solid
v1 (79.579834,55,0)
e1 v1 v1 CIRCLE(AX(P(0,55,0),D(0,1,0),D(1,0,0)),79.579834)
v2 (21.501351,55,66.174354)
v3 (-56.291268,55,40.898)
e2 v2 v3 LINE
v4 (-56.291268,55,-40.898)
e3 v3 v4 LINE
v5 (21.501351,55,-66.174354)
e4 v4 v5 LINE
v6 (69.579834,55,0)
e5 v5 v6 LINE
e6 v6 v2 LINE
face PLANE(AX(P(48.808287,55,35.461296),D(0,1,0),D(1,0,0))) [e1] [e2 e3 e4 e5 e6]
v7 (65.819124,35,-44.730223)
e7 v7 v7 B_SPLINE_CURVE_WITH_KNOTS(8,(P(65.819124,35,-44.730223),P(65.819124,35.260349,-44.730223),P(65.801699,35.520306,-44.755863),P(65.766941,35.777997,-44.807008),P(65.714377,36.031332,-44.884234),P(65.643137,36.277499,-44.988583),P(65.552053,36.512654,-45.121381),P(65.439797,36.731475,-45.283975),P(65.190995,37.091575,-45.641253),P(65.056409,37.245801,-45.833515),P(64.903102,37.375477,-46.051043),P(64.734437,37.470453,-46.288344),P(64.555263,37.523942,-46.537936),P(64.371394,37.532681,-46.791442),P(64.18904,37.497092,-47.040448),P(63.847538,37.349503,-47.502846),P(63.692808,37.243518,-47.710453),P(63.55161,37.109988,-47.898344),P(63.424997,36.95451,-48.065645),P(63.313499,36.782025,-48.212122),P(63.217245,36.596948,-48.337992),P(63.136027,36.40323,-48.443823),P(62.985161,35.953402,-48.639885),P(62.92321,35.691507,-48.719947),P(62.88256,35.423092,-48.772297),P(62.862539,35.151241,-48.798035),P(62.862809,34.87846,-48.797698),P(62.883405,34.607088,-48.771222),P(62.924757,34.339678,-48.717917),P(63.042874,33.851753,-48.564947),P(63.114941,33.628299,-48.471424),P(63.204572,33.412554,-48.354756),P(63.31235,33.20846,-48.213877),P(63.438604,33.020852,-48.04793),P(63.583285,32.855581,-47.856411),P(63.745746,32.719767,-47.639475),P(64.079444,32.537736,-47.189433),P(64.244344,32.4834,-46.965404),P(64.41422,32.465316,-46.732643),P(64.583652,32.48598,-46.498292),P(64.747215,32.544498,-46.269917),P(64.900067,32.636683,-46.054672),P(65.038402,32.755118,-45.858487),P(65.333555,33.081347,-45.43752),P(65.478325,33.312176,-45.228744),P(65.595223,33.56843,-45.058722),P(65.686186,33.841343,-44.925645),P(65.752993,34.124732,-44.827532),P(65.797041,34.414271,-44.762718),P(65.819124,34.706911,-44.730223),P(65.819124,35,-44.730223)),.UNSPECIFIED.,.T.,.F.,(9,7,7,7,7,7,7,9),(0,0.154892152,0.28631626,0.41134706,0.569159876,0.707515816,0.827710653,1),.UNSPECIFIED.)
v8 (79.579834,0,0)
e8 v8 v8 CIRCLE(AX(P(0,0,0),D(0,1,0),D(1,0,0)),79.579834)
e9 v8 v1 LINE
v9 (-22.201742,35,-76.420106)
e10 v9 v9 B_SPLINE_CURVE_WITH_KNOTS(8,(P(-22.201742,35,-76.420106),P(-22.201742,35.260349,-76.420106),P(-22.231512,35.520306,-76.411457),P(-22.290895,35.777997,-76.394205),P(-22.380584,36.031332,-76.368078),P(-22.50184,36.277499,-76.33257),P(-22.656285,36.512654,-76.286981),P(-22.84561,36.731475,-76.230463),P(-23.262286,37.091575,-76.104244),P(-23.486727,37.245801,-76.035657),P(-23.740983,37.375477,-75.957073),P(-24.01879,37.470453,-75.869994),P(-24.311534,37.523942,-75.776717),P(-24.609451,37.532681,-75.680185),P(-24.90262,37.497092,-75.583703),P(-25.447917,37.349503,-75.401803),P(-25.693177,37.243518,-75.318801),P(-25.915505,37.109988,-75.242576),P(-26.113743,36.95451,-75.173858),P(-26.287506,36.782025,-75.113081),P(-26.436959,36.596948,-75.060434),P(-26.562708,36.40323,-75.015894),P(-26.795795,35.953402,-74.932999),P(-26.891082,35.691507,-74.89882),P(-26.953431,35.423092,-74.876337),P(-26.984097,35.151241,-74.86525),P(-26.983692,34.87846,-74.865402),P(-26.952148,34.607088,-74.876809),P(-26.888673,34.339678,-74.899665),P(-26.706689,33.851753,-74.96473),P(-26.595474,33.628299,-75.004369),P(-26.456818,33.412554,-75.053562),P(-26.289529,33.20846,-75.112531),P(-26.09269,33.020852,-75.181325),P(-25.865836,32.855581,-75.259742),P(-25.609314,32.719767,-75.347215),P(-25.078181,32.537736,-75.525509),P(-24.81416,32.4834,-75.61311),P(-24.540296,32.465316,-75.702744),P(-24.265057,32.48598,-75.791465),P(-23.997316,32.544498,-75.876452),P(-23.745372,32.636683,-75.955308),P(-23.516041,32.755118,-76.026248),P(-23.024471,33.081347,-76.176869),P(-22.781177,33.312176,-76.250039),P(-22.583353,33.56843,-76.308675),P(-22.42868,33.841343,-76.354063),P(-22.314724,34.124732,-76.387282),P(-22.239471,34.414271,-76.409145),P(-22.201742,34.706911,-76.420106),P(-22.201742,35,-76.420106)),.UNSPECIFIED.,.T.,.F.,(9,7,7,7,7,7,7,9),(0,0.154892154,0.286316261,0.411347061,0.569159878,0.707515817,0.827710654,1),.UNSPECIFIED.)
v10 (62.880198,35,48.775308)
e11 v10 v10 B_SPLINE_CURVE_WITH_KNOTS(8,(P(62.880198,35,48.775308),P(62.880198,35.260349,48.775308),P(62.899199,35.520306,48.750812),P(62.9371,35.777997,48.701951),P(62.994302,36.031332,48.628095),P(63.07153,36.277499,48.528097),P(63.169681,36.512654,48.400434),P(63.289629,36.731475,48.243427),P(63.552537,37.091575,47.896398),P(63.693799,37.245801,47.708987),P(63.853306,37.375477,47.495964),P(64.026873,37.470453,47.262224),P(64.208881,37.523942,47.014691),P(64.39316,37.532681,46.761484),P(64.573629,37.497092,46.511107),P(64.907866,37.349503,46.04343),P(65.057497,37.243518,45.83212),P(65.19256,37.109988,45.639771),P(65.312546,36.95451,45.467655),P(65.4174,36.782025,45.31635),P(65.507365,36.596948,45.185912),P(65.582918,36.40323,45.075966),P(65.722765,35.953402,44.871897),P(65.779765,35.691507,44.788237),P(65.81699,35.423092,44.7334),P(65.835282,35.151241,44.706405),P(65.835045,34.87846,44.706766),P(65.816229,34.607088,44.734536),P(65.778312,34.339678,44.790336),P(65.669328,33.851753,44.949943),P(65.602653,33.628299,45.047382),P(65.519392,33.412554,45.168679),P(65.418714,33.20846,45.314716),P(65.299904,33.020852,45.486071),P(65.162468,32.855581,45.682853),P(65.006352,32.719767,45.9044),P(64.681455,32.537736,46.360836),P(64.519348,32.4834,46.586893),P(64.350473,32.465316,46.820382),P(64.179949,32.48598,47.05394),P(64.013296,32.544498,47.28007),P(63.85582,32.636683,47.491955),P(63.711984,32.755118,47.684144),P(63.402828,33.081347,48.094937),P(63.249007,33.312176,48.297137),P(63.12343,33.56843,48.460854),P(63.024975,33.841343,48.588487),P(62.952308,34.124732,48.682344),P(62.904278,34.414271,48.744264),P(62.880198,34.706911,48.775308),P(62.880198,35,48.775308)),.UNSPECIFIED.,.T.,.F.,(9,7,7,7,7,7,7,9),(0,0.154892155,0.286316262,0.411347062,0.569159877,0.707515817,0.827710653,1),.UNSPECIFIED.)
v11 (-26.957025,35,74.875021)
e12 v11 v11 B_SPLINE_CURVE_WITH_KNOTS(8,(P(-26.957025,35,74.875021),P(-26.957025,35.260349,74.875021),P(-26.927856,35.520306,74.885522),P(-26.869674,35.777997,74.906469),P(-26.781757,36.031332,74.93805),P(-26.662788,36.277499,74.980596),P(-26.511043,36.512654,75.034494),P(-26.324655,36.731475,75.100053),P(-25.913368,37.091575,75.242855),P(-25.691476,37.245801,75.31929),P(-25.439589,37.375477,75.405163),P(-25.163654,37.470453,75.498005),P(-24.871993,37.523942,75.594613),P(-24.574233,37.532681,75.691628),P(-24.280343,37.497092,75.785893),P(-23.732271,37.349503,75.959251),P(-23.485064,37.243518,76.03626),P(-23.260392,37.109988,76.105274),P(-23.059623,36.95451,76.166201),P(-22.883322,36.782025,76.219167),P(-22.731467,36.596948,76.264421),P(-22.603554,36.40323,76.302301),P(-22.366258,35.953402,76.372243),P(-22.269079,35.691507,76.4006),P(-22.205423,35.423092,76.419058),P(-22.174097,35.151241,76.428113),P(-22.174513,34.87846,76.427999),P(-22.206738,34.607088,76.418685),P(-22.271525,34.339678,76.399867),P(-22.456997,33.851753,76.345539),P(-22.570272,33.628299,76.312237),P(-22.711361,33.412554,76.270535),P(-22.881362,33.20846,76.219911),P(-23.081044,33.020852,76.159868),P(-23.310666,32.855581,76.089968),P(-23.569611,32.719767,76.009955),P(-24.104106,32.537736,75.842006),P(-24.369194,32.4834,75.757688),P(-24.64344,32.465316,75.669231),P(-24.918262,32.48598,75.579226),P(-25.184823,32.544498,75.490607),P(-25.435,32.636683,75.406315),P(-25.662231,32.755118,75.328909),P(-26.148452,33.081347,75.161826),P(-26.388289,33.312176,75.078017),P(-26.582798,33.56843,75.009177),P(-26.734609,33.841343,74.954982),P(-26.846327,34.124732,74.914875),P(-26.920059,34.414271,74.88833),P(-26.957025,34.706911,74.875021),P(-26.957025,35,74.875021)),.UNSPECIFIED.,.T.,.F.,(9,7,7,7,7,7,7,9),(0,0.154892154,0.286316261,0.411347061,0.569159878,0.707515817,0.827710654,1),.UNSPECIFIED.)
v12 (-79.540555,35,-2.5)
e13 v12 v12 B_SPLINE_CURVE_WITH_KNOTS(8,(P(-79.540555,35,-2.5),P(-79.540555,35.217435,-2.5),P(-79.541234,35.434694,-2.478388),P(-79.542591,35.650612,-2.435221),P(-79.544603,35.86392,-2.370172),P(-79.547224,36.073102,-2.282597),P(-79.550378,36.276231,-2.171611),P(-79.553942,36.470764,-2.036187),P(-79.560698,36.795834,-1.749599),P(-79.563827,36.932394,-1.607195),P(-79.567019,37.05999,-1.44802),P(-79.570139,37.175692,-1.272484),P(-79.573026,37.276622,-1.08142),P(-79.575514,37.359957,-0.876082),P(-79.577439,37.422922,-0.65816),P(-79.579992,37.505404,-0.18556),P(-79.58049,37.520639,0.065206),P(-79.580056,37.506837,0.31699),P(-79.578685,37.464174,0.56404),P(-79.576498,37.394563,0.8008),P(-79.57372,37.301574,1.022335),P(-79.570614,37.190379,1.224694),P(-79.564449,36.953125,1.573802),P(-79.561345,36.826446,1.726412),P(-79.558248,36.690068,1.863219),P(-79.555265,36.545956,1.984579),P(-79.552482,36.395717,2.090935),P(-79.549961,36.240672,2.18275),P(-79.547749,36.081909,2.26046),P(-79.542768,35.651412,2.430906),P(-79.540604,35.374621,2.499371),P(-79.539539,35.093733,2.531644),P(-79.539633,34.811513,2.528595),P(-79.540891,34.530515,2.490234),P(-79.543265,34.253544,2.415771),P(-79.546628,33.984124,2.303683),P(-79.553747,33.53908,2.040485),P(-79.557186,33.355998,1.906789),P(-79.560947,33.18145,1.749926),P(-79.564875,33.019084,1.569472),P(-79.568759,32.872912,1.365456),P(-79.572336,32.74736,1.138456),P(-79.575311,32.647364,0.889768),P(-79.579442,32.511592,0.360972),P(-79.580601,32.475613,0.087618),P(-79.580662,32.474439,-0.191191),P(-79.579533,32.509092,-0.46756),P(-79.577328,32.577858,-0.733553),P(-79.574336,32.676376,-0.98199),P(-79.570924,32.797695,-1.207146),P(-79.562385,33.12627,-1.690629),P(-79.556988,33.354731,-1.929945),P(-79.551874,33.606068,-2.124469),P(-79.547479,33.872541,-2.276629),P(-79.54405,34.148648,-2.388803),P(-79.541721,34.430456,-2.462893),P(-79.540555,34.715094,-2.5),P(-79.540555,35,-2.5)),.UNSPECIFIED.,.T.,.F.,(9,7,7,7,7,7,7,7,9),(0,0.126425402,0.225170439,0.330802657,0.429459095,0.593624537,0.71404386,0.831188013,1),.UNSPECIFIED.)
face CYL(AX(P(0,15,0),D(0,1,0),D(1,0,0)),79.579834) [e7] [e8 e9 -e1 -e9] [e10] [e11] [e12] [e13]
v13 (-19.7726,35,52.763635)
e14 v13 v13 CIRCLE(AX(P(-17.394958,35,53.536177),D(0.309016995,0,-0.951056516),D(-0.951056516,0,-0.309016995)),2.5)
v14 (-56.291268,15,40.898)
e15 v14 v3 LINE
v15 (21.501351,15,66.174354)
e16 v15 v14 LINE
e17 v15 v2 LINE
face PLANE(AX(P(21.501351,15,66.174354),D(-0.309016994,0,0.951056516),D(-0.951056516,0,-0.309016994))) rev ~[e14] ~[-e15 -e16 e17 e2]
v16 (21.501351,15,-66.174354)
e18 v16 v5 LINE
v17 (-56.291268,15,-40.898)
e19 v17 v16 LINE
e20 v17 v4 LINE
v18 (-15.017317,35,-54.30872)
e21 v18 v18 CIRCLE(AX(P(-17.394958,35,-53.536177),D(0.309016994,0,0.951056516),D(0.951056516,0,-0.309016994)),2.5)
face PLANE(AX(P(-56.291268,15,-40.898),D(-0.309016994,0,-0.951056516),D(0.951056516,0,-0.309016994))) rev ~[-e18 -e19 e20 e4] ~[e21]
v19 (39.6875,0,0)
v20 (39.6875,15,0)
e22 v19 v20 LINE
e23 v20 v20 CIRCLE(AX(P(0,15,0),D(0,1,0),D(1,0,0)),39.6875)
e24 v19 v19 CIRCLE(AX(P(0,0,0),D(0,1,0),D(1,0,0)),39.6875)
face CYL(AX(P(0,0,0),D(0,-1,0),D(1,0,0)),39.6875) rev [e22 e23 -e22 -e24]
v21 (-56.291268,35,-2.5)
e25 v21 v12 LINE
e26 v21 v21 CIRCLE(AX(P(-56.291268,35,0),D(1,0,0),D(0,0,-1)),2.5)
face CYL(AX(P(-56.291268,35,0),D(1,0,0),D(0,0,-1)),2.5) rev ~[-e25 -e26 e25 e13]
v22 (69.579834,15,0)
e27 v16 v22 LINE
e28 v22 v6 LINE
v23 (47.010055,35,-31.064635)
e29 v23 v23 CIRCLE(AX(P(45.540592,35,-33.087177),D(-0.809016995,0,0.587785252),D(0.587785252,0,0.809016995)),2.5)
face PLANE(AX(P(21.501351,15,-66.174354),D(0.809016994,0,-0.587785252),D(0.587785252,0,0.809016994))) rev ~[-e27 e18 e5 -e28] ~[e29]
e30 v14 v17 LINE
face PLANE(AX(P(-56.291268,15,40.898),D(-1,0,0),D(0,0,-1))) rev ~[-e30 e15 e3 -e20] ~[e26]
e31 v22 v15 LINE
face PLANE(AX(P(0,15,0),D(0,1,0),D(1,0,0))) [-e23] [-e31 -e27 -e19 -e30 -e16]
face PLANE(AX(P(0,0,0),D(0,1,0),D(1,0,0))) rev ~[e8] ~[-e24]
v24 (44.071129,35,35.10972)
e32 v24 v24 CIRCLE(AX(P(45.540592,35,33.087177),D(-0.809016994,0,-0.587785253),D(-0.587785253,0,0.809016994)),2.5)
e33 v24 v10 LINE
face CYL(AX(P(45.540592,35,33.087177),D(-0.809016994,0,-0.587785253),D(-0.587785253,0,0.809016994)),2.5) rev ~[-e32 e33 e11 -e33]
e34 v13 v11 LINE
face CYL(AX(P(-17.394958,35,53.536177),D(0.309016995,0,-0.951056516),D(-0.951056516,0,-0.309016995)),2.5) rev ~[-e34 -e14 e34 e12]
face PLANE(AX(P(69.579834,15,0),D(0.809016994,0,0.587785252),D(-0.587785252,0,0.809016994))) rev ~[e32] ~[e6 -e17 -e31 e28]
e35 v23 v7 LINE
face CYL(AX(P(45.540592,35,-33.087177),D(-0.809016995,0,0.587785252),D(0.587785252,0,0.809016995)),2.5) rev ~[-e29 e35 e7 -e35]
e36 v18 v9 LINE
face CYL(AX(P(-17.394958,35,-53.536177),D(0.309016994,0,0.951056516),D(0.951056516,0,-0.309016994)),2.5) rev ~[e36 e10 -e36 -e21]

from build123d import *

# Parameters (mm, degrees)
SKETCH1_R                = 69.57983352
SKETCH1_R_2              = 39.6875
BOSS_EXTRUDE1_DEPTH      = 15
SKETCH2_R                = 79.57983352
SKETCH2_R_2              = 69.57983352
BOSS_EXTRUDE2_DEPTH      = 40
BOSS_EXTRUDE2_DEPTH_BACK = 15
BOSS_EXTRUDE3_DEPTH      = 40
SKETCH4_R                = 2.5
CUT_EXTRUDE1_DEPTH       = 44.985172419
CIRPATTERN1_COUNT        = 5


with BuildPart() as part:
    # Sketch1 → Boss-Extrude1 (new body)
    with BuildSketch(Plane(origin=(0, 0, 0), x_dir=(1, 0, 0), z_dir=(0, 1, 0))):
        Circle(SKETCH1_R)
        Circle(SKETCH1_R_2, mode=Mode.SUBTRACT)
    extrude(amount=BOSS_EXTRUDE1_DEPTH)

    # Sketch2 → Boss-Extrude2 (add, two sides)
    with BuildSketch(Plane(origin=(0, 15, 0), x_dir=(1, 0, 0), z_dir=(0, 1, 0))) as boss_extrude2_sk:
        Circle(SKETCH2_R)
        Circle(SKETCH2_R_2, mode=Mode.SUBTRACT)
    extrude(amount=BOSS_EXTRUDE2_DEPTH)
    extrude(boss_extrude2_sk.sketch, amount=-BOSS_EXTRUDE2_DEPTH_BACK)

    # Sketch3 → Boss-Extrude3 (add)
    with BuildSketch(Plane(origin=(0, 15, 0), x_dir=(1, 0, 0), z_dir=(0, 1, 0))):
        with BuildLine():
            ThreePointArc((21.501351023, -66.174354072), (56.291267783, -40.898), (69.57983352, 0))
            Line((69.57983352, 0), (21.501351023, -66.174354072))
        make_face()
        with BuildLine():
            Line((21.501351023, 66.174354072), (69.57983352, 0))
            ThreePointArc((69.57983352, 0), (56.291267783, 40.898), (21.501351023, 66.174354072))
        make_face()
        with BuildLine():
            Line((-56.291267783, 40.898), (21.501351023, 66.174354072))
            ThreePointArc((21.501351023, 66.174354072), (-21.501351023, 66.174354072), (-56.291267783, 40.898))
        make_face()
        with BuildLine():
            ThreePointArc((-56.291267783, -40.898), (-21.501351023, -66.174354072), (21.501351023, -66.174354072))
            Line((21.501351023, -66.174354072), (-56.291267783, -40.898))
        make_face()
        with BuildLine():
            Line((-56.291267783, -40.898), (-56.291267783, 40.898))
            ThreePointArc((-56.291267783, 40.898), (-69.57983352, 0), (-56.291267783, -40.898))
        make_face()
    extrude(amount=BOSS_EXTRUDE3_DEPTH)

    # Sketch4 → Cut-Extrude1 (cut, through all)
    with BuildSketch(Plane(origin=(-17.39495838, 0, -53.536177036), x_dir=(0.951056516, 0, -0.309016994), z_dir=(0.309016994, 0, 0.951056516))):
        with Locations((0, 35)):
            Circle(SKETCH4_R)
    cut_extrude1 = extrude(amount=-CUT_EXTRUDE1_DEPTH, mode=Mode.SUBTRACT)

    # CirPattern1: Cut-Extrude1 ×5 about axis
    cirpattern1_axis = Axis((0, -225.085759711, 0), (0, 1, 0))
    for i in range(1, CIRPATTERN1_COUNT):
        add(cut_extrude1.rotate(cirpattern1_axis, i * 360 / CIRPATTERN1_COUNT), mode=Mode.SUBTRACT)


solid = part.part
